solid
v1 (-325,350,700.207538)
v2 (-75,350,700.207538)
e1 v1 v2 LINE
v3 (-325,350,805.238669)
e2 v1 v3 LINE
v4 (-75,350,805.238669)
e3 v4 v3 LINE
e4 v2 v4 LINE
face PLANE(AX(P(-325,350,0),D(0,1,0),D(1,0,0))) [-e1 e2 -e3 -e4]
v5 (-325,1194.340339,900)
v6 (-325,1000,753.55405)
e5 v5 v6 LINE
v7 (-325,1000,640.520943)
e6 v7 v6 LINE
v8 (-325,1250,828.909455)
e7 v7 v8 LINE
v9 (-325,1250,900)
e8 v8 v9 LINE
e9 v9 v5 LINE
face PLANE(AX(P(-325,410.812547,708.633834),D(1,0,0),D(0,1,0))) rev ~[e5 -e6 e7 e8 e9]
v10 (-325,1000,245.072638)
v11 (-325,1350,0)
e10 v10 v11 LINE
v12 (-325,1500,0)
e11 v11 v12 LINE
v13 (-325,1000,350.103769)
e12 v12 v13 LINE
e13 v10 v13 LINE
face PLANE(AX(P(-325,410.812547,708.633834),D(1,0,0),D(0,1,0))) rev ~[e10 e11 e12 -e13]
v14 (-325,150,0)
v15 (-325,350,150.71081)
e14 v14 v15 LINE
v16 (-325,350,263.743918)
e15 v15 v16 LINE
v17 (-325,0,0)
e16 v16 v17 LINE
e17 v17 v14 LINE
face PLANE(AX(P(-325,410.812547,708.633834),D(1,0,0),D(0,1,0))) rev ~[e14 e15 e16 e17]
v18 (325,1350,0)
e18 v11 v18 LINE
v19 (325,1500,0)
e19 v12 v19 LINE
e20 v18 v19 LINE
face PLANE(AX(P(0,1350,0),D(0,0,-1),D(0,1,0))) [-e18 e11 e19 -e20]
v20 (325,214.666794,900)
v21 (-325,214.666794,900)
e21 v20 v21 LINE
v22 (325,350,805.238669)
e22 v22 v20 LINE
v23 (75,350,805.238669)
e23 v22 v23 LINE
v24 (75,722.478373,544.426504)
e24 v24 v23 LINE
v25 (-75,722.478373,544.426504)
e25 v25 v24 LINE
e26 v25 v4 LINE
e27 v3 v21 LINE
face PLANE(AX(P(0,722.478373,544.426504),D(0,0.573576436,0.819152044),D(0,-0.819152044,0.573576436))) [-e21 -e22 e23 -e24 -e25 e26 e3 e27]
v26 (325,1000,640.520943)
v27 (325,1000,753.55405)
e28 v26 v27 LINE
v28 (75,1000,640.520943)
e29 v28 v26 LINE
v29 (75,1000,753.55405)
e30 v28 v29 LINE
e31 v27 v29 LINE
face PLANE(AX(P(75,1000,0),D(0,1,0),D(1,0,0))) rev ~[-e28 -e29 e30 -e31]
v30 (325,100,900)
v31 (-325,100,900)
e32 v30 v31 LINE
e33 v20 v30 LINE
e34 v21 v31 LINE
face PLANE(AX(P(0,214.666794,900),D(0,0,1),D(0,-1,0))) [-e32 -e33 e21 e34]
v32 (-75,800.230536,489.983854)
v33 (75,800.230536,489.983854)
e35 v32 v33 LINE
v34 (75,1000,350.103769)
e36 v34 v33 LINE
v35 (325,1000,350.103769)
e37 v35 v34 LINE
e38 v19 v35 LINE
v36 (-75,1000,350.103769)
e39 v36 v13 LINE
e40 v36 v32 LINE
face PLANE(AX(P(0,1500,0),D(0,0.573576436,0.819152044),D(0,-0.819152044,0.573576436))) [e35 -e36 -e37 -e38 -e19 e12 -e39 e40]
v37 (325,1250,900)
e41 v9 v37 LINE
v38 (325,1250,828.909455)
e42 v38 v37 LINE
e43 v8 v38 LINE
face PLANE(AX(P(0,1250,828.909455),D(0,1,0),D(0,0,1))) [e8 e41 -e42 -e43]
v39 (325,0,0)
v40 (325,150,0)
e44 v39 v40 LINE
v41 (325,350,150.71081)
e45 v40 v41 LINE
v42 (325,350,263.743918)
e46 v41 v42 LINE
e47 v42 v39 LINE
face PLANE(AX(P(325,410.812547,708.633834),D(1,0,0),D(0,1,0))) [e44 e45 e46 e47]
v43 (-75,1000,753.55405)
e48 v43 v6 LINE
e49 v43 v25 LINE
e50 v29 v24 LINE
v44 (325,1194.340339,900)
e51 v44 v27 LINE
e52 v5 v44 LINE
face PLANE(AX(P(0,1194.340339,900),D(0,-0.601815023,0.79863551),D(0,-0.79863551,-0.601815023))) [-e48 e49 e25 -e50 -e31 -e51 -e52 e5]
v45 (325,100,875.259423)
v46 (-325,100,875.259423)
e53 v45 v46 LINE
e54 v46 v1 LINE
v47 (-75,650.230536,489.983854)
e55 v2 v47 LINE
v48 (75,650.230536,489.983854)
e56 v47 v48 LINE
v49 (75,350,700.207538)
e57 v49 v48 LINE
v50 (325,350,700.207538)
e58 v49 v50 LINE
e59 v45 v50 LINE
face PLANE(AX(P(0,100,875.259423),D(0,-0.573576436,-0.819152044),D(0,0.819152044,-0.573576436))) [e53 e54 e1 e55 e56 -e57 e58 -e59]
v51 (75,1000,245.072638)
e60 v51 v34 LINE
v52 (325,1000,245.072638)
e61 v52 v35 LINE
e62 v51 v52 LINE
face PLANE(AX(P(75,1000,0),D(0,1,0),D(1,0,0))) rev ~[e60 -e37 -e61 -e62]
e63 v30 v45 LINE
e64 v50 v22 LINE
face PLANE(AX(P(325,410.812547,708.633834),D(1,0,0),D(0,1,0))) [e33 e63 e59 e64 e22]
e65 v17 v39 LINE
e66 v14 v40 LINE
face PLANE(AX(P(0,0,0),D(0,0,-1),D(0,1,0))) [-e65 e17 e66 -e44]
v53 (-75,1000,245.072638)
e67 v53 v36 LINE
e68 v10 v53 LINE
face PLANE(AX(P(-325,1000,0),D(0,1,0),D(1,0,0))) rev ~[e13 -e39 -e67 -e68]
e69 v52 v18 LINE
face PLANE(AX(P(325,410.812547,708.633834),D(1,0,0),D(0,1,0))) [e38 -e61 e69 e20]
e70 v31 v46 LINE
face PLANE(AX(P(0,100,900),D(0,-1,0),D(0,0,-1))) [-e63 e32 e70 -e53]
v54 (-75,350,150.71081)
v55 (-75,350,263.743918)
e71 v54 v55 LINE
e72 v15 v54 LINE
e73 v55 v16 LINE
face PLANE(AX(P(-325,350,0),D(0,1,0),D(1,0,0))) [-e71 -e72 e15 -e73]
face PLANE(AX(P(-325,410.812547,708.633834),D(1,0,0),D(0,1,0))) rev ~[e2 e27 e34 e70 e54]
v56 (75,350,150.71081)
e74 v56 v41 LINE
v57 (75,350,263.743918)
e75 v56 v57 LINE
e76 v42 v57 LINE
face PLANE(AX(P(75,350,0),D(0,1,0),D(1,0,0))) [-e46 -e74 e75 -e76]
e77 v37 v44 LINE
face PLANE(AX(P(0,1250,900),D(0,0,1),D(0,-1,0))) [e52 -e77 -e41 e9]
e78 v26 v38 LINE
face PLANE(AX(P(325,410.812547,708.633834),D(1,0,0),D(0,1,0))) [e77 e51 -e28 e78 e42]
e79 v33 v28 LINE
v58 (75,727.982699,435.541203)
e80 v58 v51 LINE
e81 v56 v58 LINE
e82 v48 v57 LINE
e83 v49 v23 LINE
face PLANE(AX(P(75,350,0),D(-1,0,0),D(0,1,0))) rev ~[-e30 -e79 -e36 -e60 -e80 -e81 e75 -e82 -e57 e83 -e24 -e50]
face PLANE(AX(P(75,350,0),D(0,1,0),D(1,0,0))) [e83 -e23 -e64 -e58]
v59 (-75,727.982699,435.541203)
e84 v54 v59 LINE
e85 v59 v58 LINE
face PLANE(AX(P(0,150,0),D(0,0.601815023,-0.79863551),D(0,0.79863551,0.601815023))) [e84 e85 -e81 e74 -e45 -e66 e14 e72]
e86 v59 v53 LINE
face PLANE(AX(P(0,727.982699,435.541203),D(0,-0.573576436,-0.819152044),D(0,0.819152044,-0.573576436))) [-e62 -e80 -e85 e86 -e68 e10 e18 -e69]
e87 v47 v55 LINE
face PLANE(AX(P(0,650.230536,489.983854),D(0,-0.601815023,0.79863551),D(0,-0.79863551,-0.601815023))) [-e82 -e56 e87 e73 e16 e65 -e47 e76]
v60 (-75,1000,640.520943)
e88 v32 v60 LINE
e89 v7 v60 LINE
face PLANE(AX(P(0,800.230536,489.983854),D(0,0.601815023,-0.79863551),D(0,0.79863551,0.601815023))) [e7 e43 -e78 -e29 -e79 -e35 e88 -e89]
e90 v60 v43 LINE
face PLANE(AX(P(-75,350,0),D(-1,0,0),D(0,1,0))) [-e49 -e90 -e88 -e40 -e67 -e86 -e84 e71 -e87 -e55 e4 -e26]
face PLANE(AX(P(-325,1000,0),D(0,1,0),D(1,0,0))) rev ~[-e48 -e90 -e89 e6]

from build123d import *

# Parameters (mm, degrees)
F1_DEPTH = 325
F2_W     = 250
F2_H     = 650
F3_DEPTH = 900


with BuildPart() as f1:
    # F0 (on Right) → F1 (new body, symmetric)
    with BuildSketch(Plane.YZ):
        Polygon((100, 875.2594227621), (650.2305358614, 489.9838537988), (722.4783731793, 544.4265042209), (214.6667939321, 900), (100, 900), align=None)
        Polygon((650.2305358614, 489.9838537988), (0, 0), (150, 0), (727.9826985434, 435.5412033767), align=None)
        Polygon((722.4783731793, 544.4265042209), (650.2305358614, 489.9838537988), (727.9826985434, 435.5412033767), (800.2305358614, 489.9838537988), align=None)
        Polygon((1194.3403394584, 900), (722.4783731793, 544.4265042209), (800.2305358614, 489.9838537988), (1250, 828.9094551131), (1250, 900), align=None)
        Polygon((800.2305358614, 489.9838537988), (727.9826985434, 435.5412033767), (1350, 0), (1500, 0), align=None)
    extrude(amount=F1_DEPTH, both=True)

    # F2 (on Top) → F3 (cut, through all)
    with BuildSketch(Plane.XY):
        with Locations((200, 675)):
            Rectangle(F2_W, F2_H)
        with Locations((-200, 675)):
            Rectangle(F2_W, F2_H)
    extrude(amount=F3_DEPTH, mode=Mode.SUBTRACT)


solid = f1.part
